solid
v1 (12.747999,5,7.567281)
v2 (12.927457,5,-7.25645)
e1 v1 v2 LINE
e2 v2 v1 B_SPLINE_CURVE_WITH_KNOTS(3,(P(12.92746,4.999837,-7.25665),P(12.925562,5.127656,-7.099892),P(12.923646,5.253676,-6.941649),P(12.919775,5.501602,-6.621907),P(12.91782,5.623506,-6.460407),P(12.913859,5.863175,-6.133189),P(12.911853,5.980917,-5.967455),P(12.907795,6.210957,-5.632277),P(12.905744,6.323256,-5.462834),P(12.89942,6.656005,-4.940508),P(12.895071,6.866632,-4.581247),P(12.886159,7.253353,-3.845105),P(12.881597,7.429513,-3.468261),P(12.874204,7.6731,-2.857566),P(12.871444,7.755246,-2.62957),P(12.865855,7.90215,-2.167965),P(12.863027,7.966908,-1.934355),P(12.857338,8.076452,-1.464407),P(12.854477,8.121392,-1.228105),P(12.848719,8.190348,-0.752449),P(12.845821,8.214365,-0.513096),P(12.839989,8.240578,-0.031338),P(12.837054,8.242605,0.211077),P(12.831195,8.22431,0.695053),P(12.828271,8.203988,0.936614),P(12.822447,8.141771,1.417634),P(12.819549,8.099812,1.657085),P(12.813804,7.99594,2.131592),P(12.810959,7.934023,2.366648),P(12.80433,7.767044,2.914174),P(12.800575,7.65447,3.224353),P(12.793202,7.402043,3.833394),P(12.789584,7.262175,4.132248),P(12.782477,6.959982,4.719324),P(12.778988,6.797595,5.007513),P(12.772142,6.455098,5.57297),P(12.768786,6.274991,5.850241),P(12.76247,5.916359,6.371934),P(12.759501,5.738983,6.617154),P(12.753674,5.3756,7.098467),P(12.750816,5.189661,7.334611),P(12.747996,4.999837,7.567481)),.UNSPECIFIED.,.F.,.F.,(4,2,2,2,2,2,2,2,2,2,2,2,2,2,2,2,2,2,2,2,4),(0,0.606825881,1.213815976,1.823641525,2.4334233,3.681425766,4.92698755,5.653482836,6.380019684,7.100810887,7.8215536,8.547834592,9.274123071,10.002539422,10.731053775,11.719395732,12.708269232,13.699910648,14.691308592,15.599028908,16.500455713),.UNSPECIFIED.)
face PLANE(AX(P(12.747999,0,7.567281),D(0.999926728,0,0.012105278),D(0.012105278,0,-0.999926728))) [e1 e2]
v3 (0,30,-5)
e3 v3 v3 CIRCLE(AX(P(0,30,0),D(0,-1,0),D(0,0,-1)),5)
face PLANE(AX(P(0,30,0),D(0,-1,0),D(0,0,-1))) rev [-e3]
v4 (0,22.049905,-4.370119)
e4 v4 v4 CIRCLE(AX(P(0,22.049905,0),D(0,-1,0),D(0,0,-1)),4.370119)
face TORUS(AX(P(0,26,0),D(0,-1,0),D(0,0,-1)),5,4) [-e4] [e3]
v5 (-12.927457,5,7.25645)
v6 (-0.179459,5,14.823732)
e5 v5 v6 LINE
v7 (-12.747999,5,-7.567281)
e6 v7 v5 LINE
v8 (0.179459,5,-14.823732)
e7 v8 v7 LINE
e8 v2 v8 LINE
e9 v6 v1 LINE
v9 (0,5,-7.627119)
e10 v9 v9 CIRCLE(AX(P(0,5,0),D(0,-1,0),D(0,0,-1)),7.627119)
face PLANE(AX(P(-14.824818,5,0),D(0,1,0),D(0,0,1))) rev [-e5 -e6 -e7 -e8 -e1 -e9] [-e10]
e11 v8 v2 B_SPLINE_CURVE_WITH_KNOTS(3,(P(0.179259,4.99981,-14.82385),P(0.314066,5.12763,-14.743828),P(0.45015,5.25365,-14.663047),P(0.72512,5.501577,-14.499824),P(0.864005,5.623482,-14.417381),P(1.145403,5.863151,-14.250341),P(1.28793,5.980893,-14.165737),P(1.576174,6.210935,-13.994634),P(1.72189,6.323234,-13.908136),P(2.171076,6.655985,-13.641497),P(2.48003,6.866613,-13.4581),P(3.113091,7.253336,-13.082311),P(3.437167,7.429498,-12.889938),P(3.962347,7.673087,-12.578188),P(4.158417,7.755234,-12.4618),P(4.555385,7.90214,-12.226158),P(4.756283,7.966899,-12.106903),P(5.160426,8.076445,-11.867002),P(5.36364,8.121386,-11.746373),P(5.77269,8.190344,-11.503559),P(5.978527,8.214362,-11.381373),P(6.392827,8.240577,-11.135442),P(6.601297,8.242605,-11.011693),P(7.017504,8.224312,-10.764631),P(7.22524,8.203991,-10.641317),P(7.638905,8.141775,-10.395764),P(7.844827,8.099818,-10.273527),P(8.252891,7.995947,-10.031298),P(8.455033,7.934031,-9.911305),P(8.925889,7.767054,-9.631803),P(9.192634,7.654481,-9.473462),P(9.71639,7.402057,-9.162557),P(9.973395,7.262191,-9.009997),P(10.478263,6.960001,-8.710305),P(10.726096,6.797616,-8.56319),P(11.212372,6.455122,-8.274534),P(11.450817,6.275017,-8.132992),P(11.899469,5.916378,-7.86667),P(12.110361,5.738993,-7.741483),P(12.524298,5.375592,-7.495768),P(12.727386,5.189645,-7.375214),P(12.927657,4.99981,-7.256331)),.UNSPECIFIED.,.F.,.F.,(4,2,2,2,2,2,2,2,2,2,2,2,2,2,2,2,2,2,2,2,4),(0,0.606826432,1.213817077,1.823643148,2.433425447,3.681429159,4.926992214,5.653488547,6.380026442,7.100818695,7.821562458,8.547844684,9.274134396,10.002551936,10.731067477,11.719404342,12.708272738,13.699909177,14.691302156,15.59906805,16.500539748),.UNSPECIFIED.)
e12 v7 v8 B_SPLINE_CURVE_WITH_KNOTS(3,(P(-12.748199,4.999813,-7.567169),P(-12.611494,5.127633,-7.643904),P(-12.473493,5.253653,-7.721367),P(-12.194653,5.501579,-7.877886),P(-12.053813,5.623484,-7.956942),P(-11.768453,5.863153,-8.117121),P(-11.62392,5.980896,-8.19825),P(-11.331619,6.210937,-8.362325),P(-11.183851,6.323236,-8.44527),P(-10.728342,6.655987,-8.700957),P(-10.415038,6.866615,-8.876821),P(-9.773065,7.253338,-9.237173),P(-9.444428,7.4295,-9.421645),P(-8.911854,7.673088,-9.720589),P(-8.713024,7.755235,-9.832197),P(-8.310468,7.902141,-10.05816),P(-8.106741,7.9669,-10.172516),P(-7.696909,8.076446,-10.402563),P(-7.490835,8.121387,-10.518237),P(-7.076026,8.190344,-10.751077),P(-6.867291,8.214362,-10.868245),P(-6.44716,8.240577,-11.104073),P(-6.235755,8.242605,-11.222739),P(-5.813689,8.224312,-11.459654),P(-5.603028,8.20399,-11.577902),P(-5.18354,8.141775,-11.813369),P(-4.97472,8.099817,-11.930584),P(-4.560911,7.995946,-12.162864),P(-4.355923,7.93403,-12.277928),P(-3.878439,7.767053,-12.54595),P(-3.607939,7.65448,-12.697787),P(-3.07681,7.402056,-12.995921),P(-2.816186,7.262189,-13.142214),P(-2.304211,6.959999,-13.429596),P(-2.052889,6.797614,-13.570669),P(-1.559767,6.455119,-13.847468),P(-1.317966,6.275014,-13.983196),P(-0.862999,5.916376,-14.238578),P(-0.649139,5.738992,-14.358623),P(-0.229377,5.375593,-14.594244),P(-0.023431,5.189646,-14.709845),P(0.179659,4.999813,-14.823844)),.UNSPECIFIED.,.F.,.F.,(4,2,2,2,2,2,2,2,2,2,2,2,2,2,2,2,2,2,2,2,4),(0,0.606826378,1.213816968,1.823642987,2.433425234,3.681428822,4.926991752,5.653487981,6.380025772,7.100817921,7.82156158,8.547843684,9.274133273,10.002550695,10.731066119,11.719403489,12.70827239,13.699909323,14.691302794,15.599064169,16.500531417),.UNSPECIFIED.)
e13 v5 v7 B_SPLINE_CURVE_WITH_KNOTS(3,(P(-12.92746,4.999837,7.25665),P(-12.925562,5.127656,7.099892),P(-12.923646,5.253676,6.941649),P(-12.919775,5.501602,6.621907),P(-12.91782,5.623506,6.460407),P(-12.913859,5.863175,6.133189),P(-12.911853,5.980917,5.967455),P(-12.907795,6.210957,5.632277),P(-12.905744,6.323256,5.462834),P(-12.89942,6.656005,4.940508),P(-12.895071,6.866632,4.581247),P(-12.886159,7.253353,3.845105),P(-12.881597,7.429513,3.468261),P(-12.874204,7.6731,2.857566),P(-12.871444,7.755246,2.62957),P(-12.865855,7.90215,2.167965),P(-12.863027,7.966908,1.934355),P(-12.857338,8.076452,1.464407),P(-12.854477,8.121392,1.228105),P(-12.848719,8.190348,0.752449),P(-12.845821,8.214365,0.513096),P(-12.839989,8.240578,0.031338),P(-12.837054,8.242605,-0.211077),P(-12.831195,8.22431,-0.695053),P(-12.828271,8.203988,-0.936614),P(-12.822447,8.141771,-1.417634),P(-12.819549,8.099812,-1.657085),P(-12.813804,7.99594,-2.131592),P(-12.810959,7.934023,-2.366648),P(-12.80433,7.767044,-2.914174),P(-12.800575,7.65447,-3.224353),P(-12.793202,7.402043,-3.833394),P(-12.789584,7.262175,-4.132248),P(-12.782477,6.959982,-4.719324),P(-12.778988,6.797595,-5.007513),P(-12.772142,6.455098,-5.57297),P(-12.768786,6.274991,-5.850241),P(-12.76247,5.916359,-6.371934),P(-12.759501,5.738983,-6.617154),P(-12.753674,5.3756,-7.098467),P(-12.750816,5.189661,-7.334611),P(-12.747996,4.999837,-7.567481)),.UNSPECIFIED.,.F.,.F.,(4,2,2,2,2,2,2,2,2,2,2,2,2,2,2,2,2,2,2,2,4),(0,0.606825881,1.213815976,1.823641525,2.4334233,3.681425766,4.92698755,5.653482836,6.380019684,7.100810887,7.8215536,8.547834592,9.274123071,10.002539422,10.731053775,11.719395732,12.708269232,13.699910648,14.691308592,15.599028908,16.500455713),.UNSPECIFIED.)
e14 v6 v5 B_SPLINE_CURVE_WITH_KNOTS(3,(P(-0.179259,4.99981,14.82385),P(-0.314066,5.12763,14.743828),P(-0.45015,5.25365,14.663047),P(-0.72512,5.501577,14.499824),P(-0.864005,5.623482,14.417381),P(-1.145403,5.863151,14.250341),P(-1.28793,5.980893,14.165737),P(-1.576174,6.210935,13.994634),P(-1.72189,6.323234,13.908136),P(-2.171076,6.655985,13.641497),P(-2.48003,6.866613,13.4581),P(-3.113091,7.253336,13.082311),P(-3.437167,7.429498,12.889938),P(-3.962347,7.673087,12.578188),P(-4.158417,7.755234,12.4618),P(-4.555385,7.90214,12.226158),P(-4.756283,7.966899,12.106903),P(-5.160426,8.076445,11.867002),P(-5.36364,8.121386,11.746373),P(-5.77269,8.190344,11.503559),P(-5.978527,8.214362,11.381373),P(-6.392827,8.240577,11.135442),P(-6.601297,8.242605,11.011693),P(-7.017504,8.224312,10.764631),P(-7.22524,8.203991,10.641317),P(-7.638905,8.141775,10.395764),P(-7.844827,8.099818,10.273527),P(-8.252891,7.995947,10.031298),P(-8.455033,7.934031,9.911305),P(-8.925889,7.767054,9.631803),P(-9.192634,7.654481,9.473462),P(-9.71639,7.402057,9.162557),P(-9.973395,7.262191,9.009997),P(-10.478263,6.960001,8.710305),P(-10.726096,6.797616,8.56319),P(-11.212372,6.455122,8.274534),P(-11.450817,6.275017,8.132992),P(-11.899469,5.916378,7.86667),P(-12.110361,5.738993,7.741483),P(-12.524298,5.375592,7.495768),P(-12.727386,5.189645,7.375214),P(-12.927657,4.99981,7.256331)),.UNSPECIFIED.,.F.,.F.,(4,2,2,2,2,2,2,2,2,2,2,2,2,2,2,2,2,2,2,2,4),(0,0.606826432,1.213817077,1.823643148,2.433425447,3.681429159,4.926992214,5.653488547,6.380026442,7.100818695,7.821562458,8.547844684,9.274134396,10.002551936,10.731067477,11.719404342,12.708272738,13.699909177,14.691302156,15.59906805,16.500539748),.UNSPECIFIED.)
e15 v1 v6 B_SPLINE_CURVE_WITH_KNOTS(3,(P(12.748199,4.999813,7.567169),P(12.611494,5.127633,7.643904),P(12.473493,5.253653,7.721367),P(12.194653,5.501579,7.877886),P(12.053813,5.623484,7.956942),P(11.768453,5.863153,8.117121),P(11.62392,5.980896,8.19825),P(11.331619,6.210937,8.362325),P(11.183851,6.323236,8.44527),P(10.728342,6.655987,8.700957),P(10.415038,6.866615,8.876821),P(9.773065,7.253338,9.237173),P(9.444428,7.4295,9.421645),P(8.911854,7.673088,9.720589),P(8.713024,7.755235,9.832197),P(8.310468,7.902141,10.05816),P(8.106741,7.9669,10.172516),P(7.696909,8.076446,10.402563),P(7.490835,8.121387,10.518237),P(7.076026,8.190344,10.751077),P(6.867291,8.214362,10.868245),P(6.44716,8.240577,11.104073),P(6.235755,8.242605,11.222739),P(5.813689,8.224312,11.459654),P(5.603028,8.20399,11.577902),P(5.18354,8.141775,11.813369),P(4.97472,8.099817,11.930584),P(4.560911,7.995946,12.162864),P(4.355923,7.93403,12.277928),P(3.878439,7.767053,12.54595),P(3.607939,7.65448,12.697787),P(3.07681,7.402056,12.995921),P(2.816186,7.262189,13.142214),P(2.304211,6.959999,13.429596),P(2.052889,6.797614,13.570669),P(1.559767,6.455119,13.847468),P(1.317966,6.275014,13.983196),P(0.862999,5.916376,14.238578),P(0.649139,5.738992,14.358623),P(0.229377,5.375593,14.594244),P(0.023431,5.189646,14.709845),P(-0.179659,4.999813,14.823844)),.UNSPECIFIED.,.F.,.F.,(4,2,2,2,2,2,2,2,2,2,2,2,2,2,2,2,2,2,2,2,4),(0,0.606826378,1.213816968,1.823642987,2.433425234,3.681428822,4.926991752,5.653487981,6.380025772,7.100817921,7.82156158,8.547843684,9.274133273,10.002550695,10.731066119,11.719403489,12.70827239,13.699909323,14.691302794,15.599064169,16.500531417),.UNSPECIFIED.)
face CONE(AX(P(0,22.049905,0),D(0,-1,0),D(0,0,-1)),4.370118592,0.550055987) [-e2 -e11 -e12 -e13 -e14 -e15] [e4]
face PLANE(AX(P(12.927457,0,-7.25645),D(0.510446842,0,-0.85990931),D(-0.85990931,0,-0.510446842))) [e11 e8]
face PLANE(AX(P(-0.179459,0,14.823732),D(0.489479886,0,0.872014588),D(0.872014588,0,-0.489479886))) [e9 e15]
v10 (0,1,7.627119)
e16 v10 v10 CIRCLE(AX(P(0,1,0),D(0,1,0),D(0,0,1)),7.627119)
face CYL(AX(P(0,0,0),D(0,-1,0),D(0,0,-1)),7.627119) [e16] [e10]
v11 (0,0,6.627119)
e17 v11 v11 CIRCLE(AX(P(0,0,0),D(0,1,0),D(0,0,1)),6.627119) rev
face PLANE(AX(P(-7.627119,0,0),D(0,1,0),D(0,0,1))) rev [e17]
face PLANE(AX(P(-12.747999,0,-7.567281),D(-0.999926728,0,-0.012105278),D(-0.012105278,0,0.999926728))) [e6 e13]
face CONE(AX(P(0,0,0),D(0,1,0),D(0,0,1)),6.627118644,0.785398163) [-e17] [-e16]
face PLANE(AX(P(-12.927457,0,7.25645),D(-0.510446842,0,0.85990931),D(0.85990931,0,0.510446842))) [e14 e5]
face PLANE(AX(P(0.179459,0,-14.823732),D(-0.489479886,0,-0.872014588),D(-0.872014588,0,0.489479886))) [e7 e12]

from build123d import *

# Parameters (mm, degrees)
SKETCH2_OUTSIDE_W  = 41.962
SKETCH2_OUTSIDE_H  = 41.962
CUT_EXTRUDE1_DEPTH = 37.599869445
CHAMFER1_SIZE      = 1


with BuildPart() as part:
    # Sketch1 → Revolve1 (revolve)
    with BuildSketch(Plane.XY, mode=Mode.PRIVATE) as revolve1_sk:
        with BuildLine():
            Line((0, 30), (-5, 30))
            ThreePointArc((-5, 30), (-8.987504197, 25.684072353), (-4.370118592, 22.049905139))
            Line((-4.370118592, 22.049905139), (-14.824817763, 5))
            Line((-14.824817763, 5), (-7.627118644, 5))
            Line((-7.627118644, 5), (-7.627118644, 0))
            Line((-7.627118644, 0), (0, 0))
            Line((0, 0), (0, 30))
        make_face()
    revolve(revolve1_sk.sketch.rotate(Axis((0, 0, 0), (0, 1, 0)), 270), axis=Axis((0, 0, 0), (0, 1, 0)))

    # Sketch2 outside → Cut-Extrude1 (cut, through all)
    with BuildSketch(Plane(origin=(0, 30, 0), x_dir=(1, 0, 0), z_dir=(0, 1, 0))):
        Rectangle(SKETCH2_OUTSIDE_W, SKETCH2_OUTSIDE_H)
        Polygon((-12.927457346, -7.256450114), (-0.179458533, -14.823731525), (12.747998813, -7.567281411), (12.927457346, 7.256450114), (0.179458533, 14.823731525), (-12.747998813, 7.567281411), align=None, mode=Mode.SUBTRACT)
    extrude(amount=-CUT_EXTRUDE1_DEPTH, mode=Mode.SUBTRACT)

    # Chamfer1
    chamfer1_edges = [part.edges().sort_by_distance(p)[0] for p in [
        (0, 0, 7.627118644),
    ]]
    chamfer(chamfer1_edges, length=CHAMFER1_SIZE)


solid = part.part
